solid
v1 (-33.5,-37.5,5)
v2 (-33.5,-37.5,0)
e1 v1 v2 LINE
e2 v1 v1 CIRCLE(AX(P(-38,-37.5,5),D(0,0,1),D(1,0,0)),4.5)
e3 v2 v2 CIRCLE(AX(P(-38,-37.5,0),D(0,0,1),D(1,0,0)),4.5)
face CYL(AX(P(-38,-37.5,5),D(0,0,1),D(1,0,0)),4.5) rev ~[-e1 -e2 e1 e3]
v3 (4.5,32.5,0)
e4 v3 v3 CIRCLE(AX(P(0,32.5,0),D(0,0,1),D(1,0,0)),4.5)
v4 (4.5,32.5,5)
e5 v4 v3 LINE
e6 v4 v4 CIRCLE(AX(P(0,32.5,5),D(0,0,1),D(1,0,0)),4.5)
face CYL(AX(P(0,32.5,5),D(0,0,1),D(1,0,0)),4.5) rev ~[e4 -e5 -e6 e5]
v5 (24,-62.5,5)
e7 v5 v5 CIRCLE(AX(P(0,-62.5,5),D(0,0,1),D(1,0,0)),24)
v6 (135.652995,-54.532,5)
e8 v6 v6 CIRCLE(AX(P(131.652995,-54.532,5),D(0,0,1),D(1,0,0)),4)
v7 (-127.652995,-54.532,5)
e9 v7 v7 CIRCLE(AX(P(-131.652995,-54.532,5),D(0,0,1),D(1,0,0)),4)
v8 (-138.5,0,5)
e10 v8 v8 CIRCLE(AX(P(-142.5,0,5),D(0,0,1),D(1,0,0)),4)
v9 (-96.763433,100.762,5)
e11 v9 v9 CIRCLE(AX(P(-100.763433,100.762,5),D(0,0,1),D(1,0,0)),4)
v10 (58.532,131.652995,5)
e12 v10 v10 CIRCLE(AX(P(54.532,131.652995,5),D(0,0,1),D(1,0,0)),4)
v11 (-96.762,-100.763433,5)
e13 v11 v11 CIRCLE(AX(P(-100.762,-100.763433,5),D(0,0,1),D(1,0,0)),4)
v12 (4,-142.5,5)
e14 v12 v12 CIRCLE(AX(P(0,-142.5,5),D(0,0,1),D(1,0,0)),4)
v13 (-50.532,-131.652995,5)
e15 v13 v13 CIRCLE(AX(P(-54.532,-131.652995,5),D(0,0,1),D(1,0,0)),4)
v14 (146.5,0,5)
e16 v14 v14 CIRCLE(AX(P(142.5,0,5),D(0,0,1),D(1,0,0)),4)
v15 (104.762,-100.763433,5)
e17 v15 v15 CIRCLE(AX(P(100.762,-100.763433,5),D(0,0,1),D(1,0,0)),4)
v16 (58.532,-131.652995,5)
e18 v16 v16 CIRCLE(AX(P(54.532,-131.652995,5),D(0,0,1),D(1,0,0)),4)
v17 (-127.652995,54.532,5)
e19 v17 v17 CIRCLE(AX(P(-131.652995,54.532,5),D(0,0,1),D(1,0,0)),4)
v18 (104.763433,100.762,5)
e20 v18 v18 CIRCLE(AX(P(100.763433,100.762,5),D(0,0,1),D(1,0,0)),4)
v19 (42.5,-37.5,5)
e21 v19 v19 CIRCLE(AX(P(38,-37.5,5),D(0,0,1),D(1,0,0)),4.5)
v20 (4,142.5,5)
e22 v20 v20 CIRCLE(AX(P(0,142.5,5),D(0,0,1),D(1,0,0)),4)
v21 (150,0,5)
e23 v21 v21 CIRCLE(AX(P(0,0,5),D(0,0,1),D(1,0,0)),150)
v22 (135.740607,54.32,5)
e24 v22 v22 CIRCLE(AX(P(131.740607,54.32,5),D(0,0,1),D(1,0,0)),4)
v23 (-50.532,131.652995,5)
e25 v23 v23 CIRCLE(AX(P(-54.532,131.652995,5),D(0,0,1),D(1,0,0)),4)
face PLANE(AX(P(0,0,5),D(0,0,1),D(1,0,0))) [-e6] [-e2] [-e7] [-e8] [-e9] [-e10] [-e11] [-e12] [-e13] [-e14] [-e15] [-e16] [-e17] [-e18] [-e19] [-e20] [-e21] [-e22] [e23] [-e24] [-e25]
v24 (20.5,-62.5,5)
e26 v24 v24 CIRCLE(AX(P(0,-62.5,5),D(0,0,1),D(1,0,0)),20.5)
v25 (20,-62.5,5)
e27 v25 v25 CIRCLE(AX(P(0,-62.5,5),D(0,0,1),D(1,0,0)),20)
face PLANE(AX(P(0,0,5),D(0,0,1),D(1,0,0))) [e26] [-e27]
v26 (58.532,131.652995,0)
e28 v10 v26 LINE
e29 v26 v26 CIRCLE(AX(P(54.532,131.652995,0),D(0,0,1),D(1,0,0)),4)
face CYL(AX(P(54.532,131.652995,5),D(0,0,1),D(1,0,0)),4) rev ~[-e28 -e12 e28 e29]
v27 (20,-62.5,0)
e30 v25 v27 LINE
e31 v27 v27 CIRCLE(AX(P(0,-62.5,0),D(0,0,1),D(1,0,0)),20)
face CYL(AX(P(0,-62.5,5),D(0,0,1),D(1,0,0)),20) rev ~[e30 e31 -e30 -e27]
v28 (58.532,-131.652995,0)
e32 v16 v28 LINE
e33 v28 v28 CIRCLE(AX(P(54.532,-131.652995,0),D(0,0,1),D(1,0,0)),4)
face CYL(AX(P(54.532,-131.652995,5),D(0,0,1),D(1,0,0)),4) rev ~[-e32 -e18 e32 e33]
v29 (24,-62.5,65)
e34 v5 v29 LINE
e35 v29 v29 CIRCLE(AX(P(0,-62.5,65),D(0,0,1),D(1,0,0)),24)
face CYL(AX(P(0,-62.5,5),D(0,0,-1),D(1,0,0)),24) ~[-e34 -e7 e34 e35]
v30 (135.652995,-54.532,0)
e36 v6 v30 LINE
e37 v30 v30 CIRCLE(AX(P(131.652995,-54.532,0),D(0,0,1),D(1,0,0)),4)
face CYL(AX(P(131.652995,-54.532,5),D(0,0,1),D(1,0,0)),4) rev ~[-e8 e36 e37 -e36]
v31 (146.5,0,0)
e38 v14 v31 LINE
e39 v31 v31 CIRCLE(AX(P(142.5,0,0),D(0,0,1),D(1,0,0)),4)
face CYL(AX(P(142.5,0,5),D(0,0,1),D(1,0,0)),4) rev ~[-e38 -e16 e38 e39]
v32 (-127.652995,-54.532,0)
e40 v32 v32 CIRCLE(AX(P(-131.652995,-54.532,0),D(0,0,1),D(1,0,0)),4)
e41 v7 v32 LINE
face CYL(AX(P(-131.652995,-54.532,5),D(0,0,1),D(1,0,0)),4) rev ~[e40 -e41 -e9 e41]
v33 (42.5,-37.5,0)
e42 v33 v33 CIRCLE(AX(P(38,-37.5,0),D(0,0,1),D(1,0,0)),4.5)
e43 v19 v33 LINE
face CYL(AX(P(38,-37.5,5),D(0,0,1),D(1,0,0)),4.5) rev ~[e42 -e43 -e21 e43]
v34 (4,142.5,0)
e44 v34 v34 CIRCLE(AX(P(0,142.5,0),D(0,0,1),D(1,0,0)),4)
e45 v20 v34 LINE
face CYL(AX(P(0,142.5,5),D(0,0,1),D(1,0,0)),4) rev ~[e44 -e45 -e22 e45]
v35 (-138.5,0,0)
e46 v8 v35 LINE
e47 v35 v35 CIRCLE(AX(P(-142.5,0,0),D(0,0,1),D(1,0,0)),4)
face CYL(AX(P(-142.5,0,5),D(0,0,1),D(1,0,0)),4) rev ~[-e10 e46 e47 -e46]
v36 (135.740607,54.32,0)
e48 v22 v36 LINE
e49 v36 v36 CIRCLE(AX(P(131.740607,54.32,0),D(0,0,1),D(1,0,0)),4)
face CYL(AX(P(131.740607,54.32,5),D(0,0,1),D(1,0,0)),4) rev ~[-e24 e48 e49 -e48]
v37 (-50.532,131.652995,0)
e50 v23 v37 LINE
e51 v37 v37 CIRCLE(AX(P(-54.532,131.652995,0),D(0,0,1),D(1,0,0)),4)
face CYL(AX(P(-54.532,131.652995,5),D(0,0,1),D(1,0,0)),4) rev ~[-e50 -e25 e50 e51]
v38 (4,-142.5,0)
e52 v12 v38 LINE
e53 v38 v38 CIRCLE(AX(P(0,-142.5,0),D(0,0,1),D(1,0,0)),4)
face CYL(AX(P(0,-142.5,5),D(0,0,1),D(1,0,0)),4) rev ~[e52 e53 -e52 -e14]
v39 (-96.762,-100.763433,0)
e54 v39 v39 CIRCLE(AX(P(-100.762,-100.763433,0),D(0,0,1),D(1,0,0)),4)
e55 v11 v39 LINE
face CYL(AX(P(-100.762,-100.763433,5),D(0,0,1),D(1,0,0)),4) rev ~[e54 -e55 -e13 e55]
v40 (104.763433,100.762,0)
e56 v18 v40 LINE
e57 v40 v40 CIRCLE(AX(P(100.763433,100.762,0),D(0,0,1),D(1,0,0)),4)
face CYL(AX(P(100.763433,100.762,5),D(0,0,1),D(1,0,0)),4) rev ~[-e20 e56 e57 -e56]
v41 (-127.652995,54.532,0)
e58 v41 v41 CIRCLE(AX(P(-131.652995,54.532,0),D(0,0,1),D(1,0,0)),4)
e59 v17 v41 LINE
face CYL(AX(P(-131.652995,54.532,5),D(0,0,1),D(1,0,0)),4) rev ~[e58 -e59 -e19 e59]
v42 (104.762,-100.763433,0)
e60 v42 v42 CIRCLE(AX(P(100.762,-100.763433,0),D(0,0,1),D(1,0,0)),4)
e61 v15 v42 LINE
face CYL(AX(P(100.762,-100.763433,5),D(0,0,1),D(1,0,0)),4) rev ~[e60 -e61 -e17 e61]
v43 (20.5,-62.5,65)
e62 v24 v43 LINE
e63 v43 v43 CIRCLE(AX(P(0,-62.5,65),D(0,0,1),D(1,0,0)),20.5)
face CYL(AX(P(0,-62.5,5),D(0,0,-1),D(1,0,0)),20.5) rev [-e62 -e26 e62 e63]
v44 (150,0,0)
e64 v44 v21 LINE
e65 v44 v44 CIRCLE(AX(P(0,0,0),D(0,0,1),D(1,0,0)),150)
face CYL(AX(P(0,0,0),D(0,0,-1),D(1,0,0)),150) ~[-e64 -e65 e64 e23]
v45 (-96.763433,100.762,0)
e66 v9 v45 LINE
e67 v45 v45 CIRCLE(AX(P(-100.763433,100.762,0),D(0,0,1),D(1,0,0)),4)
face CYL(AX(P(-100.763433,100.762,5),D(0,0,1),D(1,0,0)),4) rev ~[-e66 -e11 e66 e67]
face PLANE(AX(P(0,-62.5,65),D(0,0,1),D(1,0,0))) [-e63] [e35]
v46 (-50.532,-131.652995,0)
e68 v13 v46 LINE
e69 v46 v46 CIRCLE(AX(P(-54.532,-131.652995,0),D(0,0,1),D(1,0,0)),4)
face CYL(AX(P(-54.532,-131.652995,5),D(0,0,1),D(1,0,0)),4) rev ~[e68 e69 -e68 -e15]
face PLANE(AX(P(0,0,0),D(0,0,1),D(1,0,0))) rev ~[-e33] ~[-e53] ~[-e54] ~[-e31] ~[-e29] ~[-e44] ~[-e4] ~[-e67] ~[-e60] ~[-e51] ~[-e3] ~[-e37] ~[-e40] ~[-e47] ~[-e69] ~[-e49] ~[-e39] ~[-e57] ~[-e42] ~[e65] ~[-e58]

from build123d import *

# Parameters (mm, degrees)
SKETCH_R        = 150
PAD_DEPTH       = 5
SKETCH001_R     = 4
POCKET_DEPTH    = 5.001
SKETCH003_R     = 20
SKETCH003_R_2   = 4.5
POCKET001_DEPTH = 5
POCKET002_DEPTH = 5
SKETCH004_R     = 4
POCKET003_DEPTH = 5
SKETCH005_R     = 24
SKETCH005_R_2   = 20.5
PAD001_DEPTH    = 60


with BuildPart() as part:
    # Sketch → Pad (new body)
    with BuildSketch(Plane.XY):
        Circle(SKETCH_R)
    extrude(amount=PAD_DEPTH)

    # Sketch001 (on Face3 of Pad) → Pocket (cut, through all)
    with BuildSketch(Plane.XY.offset(5)):
        with Locations((0, 142.5)):
            Circle(SKETCH001_R)
        with Locations((-142.5, 0)):
            Circle(SKETCH001_R)
        with Locations((0, -142.5)):
            Circle(SKETCH001_R)
        with Locations((142.5, 0)):
            Circle(SKETCH001_R)
    extrude(amount=-POCKET_DEPTH, mode=Mode.SUBTRACT)

    # Sketch003 (on Face3 of Pocket) → Pocket001 (cut)
    with BuildSketch(Plane.XY.offset(5)):
        with Locations((0, -62.5)):
            Circle(SKETCH003_R)
        with Locations((0, 32.5)):
            Circle(SKETCH003_R_2)
        with Locations((-38, -37.5)):
            Circle(SKETCH003_R_2)
        with Locations((38, -37.5)):
            Circle(SKETCH003_R_2)
    extrude(amount=-POCKET001_DEPTH, mode=Mode.SUBTRACT)

    # Sketch003 (on Face3 of Pocket) → Pocket002 (cut)
    with BuildSketch(Plane.XY.offset(5)):
        with Locations((0, -62.5)):
            Circle(SKETCH003_R)
        with Locations((0, 32.5)):
            Circle(SKETCH003_R_2)
        with Locations((-38, -37.5)):
            Circle(SKETCH003_R_2)
        with Locations((38, -37.5)):
            Circle(SKETCH003_R_2)
    extrude(amount=-POCKET002_DEPTH, mode=Mode.SUBTRACT)

    # Sketch004 (on Face3 of Pocket002) → Pocket003 (cut)
    with BuildSketch(Plane.XY.offset(5)):
        with Locations((100.763433, 100.762)):
            Circle(SKETCH004_R)
        with Locations((100.762, -100.763433)):
            Circle(SKETCH004_R)
        with Locations((-54.532, -131.652995)):
            Circle(SKETCH004_R)
        with Locations((-100.763433, 100.762)):
            Circle(SKETCH004_R)
        with Locations((-100.762, -100.763433)):
            Circle(SKETCH004_R)
        with Locations((-131.652995, -54.532)):
            Circle(SKETCH004_R)
        with Locations((-131.652995, 54.532)):
            Circle(SKETCH004_R)
        with Locations((-54.532, 131.652995)):
            Circle(SKETCH004_R)
        with Locations((54.532, 131.652995)):
            Circle(SKETCH004_R)
        with Locations((131.740607, 54.32)):
            Circle(SKETCH004_R)
        with Locations((54.532, -131.652995)):
            Circle(SKETCH004_R)
        with Locations((131.652995, -54.532)):
            Circle(SKETCH004_R)
    extrude(amount=-POCKET003_DEPTH, mode=Mode.SUBTRACT)

    # Sketch005 (on Face3 of Pocket003) → Pad001 (join)
    with BuildSketch(Plane.XY.offset(5)):
        with Locations((0, -62.5)):
            Circle(SKETCH005_R)
        with Locations((0, -62.5)):
            Circle(SKETCH005_R_2, mode=Mode.SUBTRACT)
    extrude(amount=PAD001_DEPTH)


solid = part.part
